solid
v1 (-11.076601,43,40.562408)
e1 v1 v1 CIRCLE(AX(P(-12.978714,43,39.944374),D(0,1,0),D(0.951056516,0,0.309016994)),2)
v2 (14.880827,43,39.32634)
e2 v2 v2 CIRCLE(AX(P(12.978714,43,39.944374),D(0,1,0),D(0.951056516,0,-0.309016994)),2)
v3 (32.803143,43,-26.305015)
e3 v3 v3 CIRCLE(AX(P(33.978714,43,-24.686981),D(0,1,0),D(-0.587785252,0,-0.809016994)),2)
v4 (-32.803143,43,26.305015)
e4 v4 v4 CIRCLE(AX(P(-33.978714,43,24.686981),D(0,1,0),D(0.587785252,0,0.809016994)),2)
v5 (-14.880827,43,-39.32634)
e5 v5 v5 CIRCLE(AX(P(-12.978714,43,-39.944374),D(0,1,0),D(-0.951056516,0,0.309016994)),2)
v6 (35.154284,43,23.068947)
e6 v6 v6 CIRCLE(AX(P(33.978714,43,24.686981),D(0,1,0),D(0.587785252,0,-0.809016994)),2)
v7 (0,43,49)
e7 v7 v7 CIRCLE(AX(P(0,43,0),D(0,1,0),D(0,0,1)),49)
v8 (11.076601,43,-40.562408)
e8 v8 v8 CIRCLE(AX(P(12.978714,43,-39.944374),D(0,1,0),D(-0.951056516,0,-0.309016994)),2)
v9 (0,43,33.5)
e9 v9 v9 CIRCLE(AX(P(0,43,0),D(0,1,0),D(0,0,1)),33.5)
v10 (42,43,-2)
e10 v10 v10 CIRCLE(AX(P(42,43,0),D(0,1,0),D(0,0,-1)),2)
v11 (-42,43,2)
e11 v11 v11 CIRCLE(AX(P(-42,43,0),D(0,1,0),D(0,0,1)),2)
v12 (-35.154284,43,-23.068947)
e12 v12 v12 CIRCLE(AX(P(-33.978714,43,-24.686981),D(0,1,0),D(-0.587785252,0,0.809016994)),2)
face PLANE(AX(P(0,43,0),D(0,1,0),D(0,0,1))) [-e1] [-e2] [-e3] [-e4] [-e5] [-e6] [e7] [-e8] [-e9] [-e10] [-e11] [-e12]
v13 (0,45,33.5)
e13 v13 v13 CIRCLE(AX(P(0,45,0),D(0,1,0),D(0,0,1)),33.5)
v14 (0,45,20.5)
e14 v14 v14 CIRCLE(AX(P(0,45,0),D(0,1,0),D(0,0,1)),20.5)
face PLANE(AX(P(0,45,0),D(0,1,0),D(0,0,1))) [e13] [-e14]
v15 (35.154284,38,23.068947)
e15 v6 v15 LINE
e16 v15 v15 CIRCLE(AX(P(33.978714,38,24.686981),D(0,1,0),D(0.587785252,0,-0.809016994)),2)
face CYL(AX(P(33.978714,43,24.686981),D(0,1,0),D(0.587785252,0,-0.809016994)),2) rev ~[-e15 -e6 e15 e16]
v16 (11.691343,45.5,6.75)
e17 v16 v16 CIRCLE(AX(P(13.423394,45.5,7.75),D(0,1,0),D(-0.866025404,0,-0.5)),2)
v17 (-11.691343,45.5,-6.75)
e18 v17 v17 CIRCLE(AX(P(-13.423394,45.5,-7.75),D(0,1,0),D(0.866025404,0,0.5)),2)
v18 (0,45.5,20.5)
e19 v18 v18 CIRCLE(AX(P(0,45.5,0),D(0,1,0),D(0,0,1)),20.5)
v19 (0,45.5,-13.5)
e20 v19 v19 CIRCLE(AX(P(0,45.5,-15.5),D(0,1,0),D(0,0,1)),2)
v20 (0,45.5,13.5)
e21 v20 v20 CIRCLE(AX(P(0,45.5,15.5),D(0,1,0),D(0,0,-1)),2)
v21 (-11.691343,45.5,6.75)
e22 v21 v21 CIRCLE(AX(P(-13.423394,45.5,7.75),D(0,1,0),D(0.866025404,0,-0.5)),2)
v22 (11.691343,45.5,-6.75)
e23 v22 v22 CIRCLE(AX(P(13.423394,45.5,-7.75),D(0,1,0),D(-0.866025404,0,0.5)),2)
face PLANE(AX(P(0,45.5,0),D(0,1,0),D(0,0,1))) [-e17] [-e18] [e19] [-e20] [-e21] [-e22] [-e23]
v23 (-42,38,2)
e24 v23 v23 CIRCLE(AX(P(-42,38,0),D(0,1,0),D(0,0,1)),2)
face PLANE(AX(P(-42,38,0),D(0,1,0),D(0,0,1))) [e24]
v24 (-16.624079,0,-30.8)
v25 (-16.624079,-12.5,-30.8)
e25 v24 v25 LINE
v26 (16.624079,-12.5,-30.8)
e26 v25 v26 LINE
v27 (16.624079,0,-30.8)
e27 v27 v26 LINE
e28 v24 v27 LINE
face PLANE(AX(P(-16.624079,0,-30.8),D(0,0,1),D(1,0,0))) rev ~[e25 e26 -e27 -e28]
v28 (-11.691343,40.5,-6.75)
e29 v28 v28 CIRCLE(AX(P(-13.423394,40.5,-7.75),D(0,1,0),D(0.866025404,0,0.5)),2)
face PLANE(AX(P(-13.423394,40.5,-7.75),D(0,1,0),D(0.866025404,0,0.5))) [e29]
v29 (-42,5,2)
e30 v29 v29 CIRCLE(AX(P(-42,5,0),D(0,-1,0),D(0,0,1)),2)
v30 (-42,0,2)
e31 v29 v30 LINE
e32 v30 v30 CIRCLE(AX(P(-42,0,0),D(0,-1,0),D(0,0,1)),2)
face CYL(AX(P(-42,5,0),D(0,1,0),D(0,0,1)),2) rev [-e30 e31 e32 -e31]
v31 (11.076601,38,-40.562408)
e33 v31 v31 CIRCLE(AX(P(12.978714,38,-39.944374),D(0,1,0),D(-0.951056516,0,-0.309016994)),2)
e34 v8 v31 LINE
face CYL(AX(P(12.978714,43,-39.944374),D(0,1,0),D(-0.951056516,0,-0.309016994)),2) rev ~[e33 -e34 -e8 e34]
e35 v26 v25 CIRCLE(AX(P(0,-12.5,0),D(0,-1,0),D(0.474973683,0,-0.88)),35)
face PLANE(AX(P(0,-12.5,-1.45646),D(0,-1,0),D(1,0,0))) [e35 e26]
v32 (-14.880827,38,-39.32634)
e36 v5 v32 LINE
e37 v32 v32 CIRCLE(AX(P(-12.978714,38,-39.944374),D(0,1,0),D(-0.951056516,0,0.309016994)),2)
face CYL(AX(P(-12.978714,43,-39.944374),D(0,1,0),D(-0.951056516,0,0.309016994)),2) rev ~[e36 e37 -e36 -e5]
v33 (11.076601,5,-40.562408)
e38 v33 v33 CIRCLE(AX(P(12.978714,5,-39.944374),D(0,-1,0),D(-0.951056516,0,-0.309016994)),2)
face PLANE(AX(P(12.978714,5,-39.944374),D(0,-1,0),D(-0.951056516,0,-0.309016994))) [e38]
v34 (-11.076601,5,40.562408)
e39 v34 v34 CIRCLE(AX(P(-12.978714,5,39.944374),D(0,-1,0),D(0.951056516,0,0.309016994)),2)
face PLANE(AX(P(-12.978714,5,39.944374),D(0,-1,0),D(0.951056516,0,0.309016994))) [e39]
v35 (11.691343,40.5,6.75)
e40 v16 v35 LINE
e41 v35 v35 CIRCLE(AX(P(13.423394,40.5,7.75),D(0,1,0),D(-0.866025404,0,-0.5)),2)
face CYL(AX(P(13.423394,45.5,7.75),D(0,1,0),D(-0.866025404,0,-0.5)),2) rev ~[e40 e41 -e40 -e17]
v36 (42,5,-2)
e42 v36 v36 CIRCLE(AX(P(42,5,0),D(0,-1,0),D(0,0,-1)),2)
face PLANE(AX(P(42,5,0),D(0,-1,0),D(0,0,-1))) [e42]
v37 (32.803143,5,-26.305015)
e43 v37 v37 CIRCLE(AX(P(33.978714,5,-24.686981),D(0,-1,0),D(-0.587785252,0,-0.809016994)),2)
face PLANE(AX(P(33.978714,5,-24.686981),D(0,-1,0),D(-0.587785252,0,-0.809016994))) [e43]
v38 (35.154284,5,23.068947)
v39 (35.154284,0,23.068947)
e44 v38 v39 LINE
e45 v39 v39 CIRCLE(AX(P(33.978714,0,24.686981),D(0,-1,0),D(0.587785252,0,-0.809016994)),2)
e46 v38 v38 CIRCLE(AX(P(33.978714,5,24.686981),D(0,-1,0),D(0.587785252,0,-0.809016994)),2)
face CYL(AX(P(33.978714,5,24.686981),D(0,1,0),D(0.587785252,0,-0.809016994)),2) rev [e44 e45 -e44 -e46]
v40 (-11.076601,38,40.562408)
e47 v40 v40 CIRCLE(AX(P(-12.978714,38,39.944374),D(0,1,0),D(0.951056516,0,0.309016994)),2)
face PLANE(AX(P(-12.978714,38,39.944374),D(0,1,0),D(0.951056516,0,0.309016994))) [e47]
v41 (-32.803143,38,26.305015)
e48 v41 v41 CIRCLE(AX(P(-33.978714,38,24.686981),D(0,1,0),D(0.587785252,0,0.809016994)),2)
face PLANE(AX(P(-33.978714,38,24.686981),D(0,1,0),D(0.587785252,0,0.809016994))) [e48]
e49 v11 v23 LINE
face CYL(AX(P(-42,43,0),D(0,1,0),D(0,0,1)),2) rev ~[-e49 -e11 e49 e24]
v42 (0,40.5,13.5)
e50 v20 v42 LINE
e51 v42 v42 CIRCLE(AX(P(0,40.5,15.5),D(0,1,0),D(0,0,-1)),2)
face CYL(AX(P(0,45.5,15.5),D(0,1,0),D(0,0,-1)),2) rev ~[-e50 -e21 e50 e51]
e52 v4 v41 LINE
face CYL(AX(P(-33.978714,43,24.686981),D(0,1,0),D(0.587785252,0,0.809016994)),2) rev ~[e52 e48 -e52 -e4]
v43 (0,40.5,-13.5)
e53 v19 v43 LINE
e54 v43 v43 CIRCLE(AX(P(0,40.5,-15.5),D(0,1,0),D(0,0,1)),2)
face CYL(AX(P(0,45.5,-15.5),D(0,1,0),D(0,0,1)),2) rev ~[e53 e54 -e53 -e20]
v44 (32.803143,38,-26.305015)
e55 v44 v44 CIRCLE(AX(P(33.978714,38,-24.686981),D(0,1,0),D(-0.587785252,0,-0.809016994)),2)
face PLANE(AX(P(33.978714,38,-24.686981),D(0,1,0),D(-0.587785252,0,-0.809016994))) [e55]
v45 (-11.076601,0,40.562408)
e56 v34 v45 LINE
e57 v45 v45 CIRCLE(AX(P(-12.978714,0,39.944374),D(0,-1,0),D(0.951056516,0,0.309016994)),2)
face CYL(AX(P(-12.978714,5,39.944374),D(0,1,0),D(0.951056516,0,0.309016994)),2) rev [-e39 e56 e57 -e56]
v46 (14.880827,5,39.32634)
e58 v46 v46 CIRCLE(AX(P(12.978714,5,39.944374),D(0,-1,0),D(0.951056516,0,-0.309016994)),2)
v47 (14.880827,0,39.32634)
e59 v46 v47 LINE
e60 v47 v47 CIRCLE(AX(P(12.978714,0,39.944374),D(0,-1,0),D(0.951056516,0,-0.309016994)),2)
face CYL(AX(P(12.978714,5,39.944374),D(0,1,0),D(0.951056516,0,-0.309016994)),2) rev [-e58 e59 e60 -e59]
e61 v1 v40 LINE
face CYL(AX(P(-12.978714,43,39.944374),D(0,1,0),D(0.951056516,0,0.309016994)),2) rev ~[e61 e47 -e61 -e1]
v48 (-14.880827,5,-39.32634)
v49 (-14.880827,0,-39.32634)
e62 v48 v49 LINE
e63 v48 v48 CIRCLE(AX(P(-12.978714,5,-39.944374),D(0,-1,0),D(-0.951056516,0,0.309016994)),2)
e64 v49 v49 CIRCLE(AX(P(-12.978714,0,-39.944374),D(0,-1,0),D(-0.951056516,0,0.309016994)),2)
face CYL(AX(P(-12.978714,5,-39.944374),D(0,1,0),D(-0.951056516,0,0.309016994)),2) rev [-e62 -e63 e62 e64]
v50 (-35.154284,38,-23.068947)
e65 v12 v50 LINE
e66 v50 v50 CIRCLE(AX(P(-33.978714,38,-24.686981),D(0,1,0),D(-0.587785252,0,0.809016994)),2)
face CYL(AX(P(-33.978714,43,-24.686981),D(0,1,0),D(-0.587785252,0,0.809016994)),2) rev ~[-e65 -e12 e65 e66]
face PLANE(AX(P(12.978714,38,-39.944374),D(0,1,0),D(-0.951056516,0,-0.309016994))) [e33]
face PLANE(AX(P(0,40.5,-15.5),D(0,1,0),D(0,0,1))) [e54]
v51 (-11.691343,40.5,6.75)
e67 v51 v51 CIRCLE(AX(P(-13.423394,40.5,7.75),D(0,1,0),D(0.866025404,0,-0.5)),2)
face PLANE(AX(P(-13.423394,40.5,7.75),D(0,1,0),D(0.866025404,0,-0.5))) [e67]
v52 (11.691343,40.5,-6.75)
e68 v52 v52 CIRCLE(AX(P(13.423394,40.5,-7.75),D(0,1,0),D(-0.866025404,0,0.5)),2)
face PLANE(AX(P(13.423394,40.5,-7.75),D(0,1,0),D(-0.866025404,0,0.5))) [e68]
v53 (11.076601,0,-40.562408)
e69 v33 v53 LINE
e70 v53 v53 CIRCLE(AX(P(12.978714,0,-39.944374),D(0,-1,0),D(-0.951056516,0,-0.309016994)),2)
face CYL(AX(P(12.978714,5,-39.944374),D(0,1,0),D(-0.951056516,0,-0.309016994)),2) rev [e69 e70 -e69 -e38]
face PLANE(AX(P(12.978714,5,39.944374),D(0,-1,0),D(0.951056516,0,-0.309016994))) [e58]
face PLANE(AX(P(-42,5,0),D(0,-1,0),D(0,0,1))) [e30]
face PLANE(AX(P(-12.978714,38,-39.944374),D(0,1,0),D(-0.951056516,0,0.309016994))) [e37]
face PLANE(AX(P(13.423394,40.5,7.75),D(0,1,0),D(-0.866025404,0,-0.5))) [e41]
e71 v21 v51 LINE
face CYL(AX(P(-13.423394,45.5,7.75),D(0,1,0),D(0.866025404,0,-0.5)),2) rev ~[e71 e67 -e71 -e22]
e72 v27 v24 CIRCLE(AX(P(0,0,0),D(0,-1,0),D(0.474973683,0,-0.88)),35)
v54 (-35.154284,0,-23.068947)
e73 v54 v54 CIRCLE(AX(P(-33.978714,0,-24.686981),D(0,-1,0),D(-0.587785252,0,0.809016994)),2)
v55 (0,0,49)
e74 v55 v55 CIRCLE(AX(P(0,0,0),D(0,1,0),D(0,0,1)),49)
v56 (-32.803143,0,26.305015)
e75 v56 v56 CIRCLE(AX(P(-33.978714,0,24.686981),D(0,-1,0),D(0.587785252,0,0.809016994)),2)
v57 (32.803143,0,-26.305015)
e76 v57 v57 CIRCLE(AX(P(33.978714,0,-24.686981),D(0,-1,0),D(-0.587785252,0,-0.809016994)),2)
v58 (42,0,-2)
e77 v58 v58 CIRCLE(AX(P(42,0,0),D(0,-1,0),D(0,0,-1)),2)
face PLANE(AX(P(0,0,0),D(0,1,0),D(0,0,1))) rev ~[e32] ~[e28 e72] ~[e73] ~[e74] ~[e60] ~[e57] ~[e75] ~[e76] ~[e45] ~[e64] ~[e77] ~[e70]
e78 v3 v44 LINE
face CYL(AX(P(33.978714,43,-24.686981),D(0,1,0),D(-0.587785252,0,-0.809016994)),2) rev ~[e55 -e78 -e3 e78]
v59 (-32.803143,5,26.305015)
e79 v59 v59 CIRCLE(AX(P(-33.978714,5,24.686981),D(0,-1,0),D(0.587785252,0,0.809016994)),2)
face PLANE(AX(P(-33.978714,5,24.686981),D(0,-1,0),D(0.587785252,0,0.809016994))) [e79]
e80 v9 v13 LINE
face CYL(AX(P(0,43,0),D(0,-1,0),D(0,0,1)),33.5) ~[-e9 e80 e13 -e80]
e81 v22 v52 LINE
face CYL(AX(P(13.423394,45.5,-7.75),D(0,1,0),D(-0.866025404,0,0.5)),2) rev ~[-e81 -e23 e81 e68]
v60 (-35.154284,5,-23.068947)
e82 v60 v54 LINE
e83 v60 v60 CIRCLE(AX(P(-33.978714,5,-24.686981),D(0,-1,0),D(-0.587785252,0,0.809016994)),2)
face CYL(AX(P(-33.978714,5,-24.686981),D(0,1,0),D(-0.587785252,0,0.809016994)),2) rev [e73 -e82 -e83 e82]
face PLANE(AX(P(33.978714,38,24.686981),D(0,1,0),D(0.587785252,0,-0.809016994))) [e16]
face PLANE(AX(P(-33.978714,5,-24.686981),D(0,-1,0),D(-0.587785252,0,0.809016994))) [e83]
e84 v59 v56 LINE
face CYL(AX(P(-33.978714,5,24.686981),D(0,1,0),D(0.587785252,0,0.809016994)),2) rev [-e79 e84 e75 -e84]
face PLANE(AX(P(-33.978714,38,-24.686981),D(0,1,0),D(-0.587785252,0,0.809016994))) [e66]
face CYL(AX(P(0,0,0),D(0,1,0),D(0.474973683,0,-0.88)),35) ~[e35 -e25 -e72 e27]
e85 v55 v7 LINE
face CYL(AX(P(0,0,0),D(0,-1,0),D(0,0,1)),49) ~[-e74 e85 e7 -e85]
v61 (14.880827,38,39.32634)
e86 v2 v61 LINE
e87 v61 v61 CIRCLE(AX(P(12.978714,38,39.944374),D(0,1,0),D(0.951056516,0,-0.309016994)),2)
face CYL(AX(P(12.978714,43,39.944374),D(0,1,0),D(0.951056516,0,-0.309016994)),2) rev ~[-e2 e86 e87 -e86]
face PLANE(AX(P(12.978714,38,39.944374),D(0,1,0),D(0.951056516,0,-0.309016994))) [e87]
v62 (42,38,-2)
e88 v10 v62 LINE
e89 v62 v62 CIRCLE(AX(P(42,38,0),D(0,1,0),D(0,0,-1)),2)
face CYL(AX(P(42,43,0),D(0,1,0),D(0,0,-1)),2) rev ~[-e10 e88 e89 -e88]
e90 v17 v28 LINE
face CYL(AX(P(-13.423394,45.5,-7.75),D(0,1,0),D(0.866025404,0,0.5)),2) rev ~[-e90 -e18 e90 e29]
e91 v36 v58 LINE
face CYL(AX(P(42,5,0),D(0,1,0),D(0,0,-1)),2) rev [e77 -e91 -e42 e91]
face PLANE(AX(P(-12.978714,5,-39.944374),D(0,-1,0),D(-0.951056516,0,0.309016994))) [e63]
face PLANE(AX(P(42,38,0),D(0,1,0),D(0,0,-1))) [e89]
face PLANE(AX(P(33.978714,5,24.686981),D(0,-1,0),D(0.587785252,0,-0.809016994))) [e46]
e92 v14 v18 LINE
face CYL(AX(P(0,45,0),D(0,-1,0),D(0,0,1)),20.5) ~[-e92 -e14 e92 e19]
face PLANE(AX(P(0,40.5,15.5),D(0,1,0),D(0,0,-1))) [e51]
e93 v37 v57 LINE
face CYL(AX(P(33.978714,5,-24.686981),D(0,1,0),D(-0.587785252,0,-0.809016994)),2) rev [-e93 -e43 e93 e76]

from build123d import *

# Parameters (mm, degrees)
SKETCH_1_R               = 49
EXTRUDE_1_DEPTH          = 43
SKETCH_2_R               = 33.5
EXTRUDE_2_DEPTH          = 2
EXTRUDE_3_DEPTH          = 12.5
SKETCH_4_R               = 20.5
EXTRUDE_4_DEPTH          = 0.5
SKETCH_5_R               = 2
CUT_EXTRUDE_1_DEPTH      = 5
PATTERN_CIRCULAR_1_COUNT = 6
SKETCH_6_R               = 2
CUT_EXTRUDE_2_DEPTH      = 5
PATTERN_CIRCULAR_2_COUNT = 10
CUT_EXTRUDE_START        = -5
SKETCH_7_R               = 2
CUT_EXTRUDE_3_DEPTH      = 5
PATTERN_CIRCULAR_3_COUNT = 10


with BuildPart() as part:
    # 草圖1 → 填料-伸長1 (new body)
    with BuildSketch(Plane(origin=(0, 0, 0), x_dir=(1, 0, 0), z_dir=(0, 1, 0))):
        with Locations(Location((0, 0, 0), (0, 0, 270))):
            Circle(SKETCH_1_R)
    extrude(amount=EXTRUDE_1_DEPTH)

    # 草圖2 → 填料-伸長2 (add)
    with BuildSketch(Plane(origin=(0, 43, 0), x_dir=(1, 0, 0), z_dir=(0, 1, 0))):
        with Locations(Location((0, 0, 0), (0, 0, 270))):
            Circle(SKETCH_2_R)
    extrude(amount=EXTRUDE_2_DEPTH)

    # 草圖3 → 填料-伸長3 (add)
    with BuildSketch(Plane.XZ):
        with BuildLine():
            Line((-16.624078922, -30.8), (16.624078922, -30.8))
            ThreePointArc((16.624078922, -30.8), (0, 35), (-16.624078922, -30.8))
        make_face()
    extrude(amount=EXTRUDE_3_DEPTH)

    # 草圖4 → 填料-伸長4 (add)
    with BuildSketch(Plane(origin=(0, 45, 0), x_dir=(1, 0, 0), z_dir=(0, 1, 0))):
        with Locations(Location((0, 0, 0), (0, 0, 270))):
            Circle(SKETCH_4_R)
    extrude(amount=EXTRUDE_4_DEPTH)

    # 草圖5 → 除料-伸長1 (cut)
    with BuildSketch(Plane(origin=(0, 45.5, 0), x_dir=(1, 0, 0), z_dir=(0, 1, 0))):
        with Locations(Location((0, 15.5, 0), (0, 0, 270))):
            Circle(SKETCH_5_R)
    cut_extrude_1 = extrude(amount=-CUT_EXTRUDE_1_DEPTH, mode=Mode.SUBTRACT)

    # 環狀複製排列1: 除料-伸長1 ×6 about axis
    pattern_circular_1_axis = Axis((0, 0, 0), (0, 1, 0))
    for i in range(1, PATTERN_CIRCULAR_1_COUNT):
        add(cut_extrude_1.rotate(pattern_circular_1_axis, i * 360 / PATTERN_CIRCULAR_1_COUNT), mode=Mode.SUBTRACT)

    # 草圖6 → 除料-伸長2 (cut)
    with BuildSketch(Plane(origin=(0, 43, 0), x_dir=(1, 0, 0), z_dir=(0, 1, 0))):
        with Locations(Location((-42, 0, 0), (0, 0, 270))):
            Circle(SKETCH_6_R)
    cut_extrude_2 = extrude(amount=-CUT_EXTRUDE_2_DEPTH, mode=Mode.SUBTRACT)

    # 環狀複製排列2: 除料-伸長2 ×10 about axis
    pattern_circular_2_axis = Axis((0, 0, 0), (0, 1, 0))
    for i in range(1, PATTERN_CIRCULAR_2_COUNT):
        add(cut_extrude_2.rotate(pattern_circular_2_axis, i * 360 / PATTERN_CIRCULAR_2_COUNT), mode=Mode.SUBTRACT)

    # 草圖7 → 除料-伸長3 (cut)
    with BuildSketch(Plane.XZ.offset(CUT_EXTRUDE_START)):
        with Locations(Location((42, 0, 0), (0, 0, 270))):
            Circle(SKETCH_7_R)
    cut_extrude_3 = extrude(amount=CUT_EXTRUDE_3_DEPTH, mode=Mode.SUBTRACT)

    # 環狀複製排列3: 除料-伸長3 ×10 about axis
    pattern_circular_3_axis = Axis((0, 0, 0), (0, 1, 0))
    for i in range(1, PATTERN_CIRCULAR_3_COUNT):
        add(cut_extrude_3.rotate(pattern_circular_3_axis, i * 360 / PATTERN_CIRCULAR_3_COUNT), mode=Mode.SUBTRACT)


solid = part.part
